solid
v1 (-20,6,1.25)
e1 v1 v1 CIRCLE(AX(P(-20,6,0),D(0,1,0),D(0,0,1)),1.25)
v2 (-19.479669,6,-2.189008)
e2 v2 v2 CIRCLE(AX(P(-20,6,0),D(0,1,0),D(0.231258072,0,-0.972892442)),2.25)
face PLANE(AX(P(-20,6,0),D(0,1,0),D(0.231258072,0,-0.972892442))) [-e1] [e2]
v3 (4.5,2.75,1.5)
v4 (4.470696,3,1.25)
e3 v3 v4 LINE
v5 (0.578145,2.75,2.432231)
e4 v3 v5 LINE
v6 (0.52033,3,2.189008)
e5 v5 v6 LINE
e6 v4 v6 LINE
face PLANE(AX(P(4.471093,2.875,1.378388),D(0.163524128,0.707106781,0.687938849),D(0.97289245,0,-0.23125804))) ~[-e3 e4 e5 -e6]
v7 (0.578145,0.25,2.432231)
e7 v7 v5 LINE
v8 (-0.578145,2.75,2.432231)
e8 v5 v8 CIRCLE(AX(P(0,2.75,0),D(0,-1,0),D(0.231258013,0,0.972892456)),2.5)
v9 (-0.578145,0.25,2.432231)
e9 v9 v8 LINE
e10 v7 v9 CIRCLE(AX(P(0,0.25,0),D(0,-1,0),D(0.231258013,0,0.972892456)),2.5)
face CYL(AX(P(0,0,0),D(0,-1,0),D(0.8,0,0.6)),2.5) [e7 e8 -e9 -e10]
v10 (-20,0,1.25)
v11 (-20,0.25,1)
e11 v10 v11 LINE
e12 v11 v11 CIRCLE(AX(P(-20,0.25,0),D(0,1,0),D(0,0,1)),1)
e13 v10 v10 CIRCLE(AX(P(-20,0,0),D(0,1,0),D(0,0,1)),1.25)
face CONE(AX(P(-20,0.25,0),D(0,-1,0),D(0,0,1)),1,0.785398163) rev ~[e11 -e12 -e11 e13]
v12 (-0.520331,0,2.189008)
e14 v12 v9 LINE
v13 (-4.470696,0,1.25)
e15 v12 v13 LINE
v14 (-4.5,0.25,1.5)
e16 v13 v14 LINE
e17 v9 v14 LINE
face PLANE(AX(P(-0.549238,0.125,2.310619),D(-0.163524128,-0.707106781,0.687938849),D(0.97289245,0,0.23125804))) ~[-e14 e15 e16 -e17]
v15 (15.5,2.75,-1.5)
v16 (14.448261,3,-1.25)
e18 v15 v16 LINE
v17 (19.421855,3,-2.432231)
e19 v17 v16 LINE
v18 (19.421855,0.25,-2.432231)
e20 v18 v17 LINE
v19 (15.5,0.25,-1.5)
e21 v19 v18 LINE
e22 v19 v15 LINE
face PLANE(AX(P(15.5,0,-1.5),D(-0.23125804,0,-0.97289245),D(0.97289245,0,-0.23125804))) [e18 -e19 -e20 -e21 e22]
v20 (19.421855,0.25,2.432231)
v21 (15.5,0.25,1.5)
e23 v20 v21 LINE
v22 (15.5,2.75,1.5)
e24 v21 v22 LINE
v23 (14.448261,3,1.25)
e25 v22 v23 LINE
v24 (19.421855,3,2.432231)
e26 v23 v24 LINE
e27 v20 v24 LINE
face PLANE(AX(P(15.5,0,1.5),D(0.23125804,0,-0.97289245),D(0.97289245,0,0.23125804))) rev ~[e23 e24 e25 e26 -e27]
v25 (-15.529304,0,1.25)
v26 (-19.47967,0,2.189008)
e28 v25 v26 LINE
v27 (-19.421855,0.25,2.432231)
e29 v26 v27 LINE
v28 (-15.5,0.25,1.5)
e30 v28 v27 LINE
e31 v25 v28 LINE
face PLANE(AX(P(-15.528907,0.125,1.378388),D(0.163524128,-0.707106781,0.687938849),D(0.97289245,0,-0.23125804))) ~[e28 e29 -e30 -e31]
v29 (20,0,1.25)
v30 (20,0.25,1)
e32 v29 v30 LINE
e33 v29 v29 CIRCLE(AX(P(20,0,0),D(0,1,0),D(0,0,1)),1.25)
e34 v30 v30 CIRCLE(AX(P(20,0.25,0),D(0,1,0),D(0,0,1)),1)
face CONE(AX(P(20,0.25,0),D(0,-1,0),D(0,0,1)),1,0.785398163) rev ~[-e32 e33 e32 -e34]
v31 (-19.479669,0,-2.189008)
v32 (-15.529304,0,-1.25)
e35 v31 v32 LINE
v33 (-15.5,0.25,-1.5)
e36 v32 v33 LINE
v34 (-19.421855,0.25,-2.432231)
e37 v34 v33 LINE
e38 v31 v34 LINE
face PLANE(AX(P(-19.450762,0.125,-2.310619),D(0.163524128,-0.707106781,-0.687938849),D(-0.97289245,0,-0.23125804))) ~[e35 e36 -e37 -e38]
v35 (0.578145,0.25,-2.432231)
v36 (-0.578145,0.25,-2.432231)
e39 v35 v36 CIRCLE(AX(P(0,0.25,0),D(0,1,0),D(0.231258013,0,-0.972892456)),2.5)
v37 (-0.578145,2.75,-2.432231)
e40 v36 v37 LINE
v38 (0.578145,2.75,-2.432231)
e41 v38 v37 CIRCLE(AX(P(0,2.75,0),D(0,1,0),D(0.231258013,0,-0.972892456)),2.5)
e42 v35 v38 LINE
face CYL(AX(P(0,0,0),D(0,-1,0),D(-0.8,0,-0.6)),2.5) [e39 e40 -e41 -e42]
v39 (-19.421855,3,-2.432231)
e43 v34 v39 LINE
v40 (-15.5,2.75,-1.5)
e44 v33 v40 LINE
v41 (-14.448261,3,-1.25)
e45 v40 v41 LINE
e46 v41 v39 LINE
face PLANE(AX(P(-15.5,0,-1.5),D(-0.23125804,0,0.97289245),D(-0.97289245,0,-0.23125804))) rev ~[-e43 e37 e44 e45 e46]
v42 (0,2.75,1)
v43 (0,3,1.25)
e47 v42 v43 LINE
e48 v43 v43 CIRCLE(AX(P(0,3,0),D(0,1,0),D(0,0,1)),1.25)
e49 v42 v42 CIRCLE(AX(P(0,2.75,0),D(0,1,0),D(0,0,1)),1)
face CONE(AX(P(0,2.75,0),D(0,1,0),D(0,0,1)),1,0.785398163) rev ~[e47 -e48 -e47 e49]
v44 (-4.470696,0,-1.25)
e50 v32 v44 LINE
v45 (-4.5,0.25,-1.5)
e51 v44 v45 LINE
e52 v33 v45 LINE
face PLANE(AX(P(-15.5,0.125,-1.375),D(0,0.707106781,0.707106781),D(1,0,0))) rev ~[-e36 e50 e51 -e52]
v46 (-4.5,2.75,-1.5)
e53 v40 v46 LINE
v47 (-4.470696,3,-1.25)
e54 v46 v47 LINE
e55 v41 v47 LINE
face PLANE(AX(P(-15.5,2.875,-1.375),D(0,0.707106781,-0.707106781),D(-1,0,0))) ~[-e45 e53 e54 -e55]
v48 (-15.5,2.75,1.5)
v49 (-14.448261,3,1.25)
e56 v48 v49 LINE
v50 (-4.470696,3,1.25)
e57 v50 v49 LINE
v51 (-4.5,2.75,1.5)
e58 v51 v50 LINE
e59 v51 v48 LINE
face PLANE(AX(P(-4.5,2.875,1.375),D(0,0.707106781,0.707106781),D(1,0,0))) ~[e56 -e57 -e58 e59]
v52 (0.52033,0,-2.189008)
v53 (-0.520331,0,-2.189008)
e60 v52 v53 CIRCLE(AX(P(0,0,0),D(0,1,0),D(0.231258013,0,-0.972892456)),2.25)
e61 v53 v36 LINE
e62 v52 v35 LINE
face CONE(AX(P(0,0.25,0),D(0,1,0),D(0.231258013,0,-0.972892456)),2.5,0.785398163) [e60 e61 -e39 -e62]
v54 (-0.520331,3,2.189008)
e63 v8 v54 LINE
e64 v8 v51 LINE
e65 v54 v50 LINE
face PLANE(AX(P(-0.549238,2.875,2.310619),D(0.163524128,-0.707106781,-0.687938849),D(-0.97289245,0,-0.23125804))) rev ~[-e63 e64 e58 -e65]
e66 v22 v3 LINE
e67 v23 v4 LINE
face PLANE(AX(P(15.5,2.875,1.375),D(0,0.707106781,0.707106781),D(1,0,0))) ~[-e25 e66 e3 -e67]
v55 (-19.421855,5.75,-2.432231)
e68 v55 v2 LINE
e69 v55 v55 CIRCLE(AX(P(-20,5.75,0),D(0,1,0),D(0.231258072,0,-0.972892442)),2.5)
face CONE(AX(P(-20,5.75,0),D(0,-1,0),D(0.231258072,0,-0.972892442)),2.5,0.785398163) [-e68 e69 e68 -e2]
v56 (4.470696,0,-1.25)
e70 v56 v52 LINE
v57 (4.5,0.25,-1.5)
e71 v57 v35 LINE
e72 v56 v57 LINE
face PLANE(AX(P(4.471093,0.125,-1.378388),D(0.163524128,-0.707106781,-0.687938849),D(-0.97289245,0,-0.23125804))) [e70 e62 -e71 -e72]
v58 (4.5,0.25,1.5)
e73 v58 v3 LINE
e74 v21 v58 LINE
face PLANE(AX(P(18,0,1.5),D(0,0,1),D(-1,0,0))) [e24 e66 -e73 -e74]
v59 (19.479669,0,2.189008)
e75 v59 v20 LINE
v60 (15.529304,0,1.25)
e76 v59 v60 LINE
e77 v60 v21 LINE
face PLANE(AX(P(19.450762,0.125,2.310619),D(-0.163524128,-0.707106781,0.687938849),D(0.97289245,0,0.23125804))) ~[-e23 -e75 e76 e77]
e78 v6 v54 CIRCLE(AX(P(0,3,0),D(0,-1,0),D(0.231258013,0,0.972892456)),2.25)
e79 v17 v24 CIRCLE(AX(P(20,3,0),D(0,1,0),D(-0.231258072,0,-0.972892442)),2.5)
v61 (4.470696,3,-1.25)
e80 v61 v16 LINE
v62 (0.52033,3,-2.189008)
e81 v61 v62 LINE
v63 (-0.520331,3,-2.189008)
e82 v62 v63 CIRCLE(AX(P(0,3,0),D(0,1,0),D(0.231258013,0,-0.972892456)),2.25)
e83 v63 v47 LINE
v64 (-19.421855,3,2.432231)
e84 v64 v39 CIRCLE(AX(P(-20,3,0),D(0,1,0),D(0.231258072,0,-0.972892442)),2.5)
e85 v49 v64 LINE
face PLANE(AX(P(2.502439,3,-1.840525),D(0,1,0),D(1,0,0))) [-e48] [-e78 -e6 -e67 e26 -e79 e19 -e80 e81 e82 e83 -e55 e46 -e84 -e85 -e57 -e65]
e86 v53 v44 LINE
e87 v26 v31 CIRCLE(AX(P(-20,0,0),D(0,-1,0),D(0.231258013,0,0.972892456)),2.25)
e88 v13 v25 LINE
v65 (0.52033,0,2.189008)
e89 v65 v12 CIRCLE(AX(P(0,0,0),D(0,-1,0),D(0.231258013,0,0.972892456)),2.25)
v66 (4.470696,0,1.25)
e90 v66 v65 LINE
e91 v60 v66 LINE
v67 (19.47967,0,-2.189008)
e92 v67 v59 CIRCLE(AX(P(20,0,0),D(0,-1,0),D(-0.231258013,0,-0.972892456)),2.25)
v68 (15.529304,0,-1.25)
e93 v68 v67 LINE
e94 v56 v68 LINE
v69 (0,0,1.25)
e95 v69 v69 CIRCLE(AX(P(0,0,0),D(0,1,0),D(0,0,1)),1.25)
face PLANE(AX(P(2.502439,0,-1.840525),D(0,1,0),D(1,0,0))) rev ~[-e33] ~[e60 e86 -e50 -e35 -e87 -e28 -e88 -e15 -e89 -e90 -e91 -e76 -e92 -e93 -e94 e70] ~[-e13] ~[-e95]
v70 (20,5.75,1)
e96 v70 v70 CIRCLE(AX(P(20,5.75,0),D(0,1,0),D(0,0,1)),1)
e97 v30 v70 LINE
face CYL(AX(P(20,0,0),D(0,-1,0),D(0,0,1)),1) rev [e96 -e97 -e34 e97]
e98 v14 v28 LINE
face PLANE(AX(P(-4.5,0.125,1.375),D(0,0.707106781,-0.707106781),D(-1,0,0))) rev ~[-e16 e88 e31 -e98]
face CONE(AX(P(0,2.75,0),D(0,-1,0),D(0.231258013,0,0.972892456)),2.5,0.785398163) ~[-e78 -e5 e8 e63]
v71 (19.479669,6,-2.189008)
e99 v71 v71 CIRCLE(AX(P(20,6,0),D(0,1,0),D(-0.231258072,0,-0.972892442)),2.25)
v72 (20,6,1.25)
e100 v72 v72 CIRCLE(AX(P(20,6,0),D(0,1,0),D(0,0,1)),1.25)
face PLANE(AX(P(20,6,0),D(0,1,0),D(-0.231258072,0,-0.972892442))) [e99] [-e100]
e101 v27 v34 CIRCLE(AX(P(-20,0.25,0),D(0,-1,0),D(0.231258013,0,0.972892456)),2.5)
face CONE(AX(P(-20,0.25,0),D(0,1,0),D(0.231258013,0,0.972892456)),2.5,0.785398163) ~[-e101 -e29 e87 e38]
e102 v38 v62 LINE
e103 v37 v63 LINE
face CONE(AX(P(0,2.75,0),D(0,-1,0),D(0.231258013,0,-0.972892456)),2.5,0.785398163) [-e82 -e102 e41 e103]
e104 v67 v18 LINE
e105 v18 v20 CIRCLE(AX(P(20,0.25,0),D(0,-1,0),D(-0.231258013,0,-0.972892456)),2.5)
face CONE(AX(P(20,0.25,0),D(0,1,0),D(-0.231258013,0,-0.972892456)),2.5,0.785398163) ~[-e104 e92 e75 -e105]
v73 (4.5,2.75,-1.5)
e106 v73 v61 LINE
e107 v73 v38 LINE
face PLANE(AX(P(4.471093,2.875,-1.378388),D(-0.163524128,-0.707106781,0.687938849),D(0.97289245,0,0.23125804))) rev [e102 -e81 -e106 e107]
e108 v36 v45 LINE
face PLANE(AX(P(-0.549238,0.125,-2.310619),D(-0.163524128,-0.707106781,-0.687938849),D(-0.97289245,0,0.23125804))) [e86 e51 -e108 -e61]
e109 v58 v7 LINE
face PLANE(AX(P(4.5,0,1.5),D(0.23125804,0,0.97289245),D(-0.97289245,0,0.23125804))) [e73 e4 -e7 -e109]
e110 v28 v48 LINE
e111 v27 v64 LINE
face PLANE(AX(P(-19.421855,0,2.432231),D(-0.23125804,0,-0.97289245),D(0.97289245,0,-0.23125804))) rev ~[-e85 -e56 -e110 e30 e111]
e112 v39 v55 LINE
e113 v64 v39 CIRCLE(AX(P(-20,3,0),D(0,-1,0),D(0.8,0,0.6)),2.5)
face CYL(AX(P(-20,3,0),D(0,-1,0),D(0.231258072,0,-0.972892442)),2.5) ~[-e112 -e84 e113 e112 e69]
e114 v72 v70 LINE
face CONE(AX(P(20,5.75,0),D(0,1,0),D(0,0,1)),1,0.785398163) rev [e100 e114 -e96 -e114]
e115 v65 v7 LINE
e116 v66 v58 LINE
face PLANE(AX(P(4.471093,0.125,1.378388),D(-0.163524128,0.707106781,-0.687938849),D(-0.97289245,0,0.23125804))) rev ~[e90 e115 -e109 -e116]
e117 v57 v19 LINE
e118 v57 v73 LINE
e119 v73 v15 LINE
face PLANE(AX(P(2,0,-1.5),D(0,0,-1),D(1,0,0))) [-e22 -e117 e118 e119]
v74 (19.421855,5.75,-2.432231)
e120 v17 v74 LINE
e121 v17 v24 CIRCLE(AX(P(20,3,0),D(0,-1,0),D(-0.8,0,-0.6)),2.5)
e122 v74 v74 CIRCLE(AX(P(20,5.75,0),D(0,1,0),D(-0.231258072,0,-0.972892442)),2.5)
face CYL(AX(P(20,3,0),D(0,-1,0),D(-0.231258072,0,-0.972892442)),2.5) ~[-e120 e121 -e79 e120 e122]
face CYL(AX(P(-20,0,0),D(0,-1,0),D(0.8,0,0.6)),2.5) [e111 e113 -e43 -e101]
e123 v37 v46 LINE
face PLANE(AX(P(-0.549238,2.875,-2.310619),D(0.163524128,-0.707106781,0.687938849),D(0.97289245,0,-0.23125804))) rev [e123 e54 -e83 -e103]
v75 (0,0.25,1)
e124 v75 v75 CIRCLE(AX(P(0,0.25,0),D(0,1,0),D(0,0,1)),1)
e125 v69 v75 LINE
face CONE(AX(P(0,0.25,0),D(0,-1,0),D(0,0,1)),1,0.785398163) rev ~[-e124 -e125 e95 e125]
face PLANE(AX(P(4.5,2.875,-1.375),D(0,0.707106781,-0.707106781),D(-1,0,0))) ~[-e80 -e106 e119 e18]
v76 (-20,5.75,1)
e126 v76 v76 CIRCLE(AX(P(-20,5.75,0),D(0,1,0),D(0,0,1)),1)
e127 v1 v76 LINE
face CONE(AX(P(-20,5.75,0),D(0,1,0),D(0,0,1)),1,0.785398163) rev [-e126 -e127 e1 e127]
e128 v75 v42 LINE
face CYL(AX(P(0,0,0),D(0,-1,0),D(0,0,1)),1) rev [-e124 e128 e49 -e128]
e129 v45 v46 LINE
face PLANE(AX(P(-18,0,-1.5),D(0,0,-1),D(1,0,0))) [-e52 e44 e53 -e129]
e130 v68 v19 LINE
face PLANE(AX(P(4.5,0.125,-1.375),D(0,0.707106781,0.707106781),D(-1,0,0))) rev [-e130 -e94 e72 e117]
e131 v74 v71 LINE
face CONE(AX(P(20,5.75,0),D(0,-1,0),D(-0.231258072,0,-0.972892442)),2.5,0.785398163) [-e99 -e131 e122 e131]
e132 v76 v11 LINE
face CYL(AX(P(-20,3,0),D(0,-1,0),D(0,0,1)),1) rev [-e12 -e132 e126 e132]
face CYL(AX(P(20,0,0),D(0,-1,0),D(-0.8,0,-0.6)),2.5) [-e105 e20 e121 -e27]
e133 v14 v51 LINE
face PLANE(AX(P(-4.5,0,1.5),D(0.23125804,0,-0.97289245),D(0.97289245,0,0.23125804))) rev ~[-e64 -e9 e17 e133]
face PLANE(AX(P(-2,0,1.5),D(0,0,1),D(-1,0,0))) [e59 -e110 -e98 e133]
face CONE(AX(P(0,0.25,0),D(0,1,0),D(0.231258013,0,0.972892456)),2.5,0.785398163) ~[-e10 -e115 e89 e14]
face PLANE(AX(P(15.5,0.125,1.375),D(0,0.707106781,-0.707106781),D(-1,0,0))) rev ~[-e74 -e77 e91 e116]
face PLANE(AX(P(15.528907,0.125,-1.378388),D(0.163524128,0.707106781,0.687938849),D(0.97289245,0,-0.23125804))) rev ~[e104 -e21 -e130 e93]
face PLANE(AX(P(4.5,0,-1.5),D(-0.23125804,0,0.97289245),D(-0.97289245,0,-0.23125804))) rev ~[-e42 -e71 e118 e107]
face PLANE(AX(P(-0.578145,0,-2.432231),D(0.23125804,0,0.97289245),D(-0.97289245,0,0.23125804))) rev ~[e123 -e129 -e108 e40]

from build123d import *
from build123d.topology import SkipClean

# Parameters (mm, degrees)
SKETCH_1_R      = 1
EXTRUDE_1_DEPTH = 3
EXTRUDE_2_DEPTH = 3
CHAMFER_1_SIZE  = 0.25
EXTRUDE_START   = 3
SKETCH_4_R      = 2.5
SKETCH_4_R_2    = 1
EXTRUDE_3_DEPTH = 3
CHAMFER_4_SIZE  = 0.25
CHAMFER_5_SIZE  = 0.25


with BuildPart() as part:
    # 草图1 → 凸台-拉伸1 (new body)
    with BuildSketch(Plane(origin=(0, 0, 0), x_dir=(1, 0, 0), z_dir=(0, 1, 0))):
        with BuildLine():
            Line((-18, 1.5), (-2, 1.5))
            ThreePointArc((-2, 1.5), (0, 2.5), (2, 1.5))
            Line((2, 1.5), (18, 1.5))
            ThreePointArc((18, 1.5), (22.5, 0), (18, -1.5))
            Line((18, -1.5), (2, -1.5))
            ThreePointArc((2, -1.5), (0, -2.5), (-2, -1.5))
            Line((-2, -1.5), (-18, -1.5))
            ThreePointArc((-18, -1.5), (-22.5, 0), (-18, 1.5))
        make_face()
        with Locations(Location((-20, 0, 0), (0, 0, 270))):
            Circle(SKETCH_1_R, mode=Mode.SUBTRACT)
        with Locations(Location((0, 0, 0), (0, 0, 270))):
            Circle(SKETCH_1_R, mode=Mode.SUBTRACT)
        with Locations(Location((20, 0, 0), (0, 0, 270))):
            Circle(SKETCH_1_R, mode=Mode.SUBTRACT)
    extrude(amount=EXTRUDE_1_DEPTH)

    # 草图2 → 凸台-拉伸2 (add)
    with BuildSketch(Plane(origin=(0, 0, 0), x_dir=(1, 0, 0), z_dir=(0, 1, 0))):
        with BuildLine():
            Line((4.5, 1.5), (0.578145, 2.432231))
            ThreePointArc((0.578145, 2.432231), (1.370756, 2.0907), (2, 1.5))
            Line((2, 1.5), (4.5, 1.5))
        make_face()
        with BuildLine():
            Line((4.5, -1.5), (0.578145, -2.432231))
            ThreePointArc((0.578145, -2.432231), (1.370756, -2.0907), (2, -1.5))
            Line((2, -1.5), (4.5, -1.5))
        make_face()
        with BuildLine():
            Line((15.5, 1.5), (19.421855, 2.432231))
            ThreePointArc((19.421855, 2.432231), (18.629244, 2.0907), (18, 1.5))
            Line((18, 1.5), (15.5, 1.5))
        make_face()
        with BuildLine():
            Line((15.5, -1.5), (19.421855, -2.432231))
            ThreePointArc((19.421855, -2.432231), (18.629244, -2.0907), (18, -1.5))
            Line((18, -1.5), (15.5, -1.5))
        make_face()
        with BuildLine():
            Line((-4.5, 1.5), (-2, 1.5))
            ThreePointArc((-2, 1.5), (-1.370756, 2.0907), (-0.578145, 2.432231))
            Line((-0.578145, 2.432231), (-4.5, 1.5))
        make_face()
        with BuildLine():
            Line((-15.5, -1.5), (-18, -1.5))
            ThreePointArc((-18, -1.5), (-18.629244, -2.0907), (-19.421855, -2.432231))
            Line((-19.421855, -2.432231), (-15.5, -1.5))
        make_face()
        with BuildLine():
            Line((-18, 1.5), (-15.5, 1.5))
            Line((-15.5, 1.5), (-19.421855, 2.432231))
            ThreePointArc((-19.421855, 2.432231), (-18.629244, 2.0907), (-18, 1.5))
        make_face()
        with BuildLine():
            Line((-2, -1.5), (-4.5, -1.5))
            Line((-4.5, -1.5), (-0.578145, -2.432231))
            ThreePointArc((-0.578145, -2.432231), (-1.370756, -2.0907), (-2, -1.5))
        make_face()
    extrude(amount=EXTRUDE_2_DEPTH)

    # 倒角1
    chamfer_1_edges = [part.edges().sort_by_distance(p)[0] for p in [
        (-10, 0, -1.5),
        (-2.539073, 0, -1.966116),
        (-20, 0, -1),
        (0, 0, -1),
        (20, 0, -1),
        (0, 0, -2.5),
        (2.539073, 0, -1.966116),
        (-22.5, 0, 0),
        (-17.460927, 0, -1.966116),
        (-10, 0, 1.5),
        (-17.460927, 0, 1.966116),
        (0, 0, 2.5),
        (-2.539073, 0, 1.966116),
        (10, 0, 1.5),
        (2.539073, 0, 1.966116),
        (22.5, 0, 0),
        (17.460927, 0, 1.966116),
        (10, 0, -1.5),
        (17.460927, 0, -1.966116),
    ]]
    chamfer(chamfer_1_edges, length=CHAMFER_1_SIZE)

    # 草图4 → 凸台-拉伸3 (add)
    # profile 1 of 2: a face of its own
    with SkipClean():  # the faces are left unmerged after this step: merging them gives an invalid solid
        with BuildSketch(Plane(origin=(0, 0, 0), x_dir=(1, 0, 0), z_dir=(0, 1, 0)).offset(EXTRUDE_START)):
            with Locations(Location((-20, 0, 0), (0, 0, 76.628849))):
                Circle(SKETCH_4_R)
            with Locations(Location((-20, 0, 0), (0, 0, 270))):
                Circle(SKETCH_4_R_2, mode=Mode.SUBTRACT)
        # profile 2 of 2: a face of its own
        with BuildSketch(Plane(origin=(0, 0, 0), x_dir=(1, 0, 0), z_dir=(0, 1, 0)).offset(EXTRUDE_START)):
            with Locations(Location((20, 0, 0), (0, 0, 103.371151))):
                Circle(SKETCH_4_R)
            with Locations(Location((20, 0, 0), (0, 0, 270))):
                Circle(SKETCH_4_R_2, mode=Mode.SUBTRACT)
        extrude(amount=EXTRUDE_3_DEPTH)

    # 倒角4
    chamfer_4_edges = [part.edges().sort_by_distance(p)[0] for p in [
        (-20.578145, 6, 2.432231),
        (-20, 6, -1),
        (20.578145, 6, 2.432231),
        (20, 6, -1),
    ]]
    chamfer(chamfer_4_edges, length=CHAMFER_4_SIZE)

    # 倒角5
    chamfer_5_edges = [part.edges().sort_by_distance(p)[0] for p in [
        (-10, 3, -1.5),
        (-2.539073, 3, -1.966116),
        (0, 3, -1),
        (0, 3, -2.5),
        (2.539073, 3, -1.966116),
        (-10, 3, 1.5),
        (0, 3, 2.5),
        (-2.539073, 3, 1.966116),
        (10, 3, 1.5),
        (2.539073, 3, 1.966116),
        (10, 3, -1.5),
    ]]
    chamfer(chamfer_5_edges, length=CHAMFER_5_SIZE)


solid = part.part
